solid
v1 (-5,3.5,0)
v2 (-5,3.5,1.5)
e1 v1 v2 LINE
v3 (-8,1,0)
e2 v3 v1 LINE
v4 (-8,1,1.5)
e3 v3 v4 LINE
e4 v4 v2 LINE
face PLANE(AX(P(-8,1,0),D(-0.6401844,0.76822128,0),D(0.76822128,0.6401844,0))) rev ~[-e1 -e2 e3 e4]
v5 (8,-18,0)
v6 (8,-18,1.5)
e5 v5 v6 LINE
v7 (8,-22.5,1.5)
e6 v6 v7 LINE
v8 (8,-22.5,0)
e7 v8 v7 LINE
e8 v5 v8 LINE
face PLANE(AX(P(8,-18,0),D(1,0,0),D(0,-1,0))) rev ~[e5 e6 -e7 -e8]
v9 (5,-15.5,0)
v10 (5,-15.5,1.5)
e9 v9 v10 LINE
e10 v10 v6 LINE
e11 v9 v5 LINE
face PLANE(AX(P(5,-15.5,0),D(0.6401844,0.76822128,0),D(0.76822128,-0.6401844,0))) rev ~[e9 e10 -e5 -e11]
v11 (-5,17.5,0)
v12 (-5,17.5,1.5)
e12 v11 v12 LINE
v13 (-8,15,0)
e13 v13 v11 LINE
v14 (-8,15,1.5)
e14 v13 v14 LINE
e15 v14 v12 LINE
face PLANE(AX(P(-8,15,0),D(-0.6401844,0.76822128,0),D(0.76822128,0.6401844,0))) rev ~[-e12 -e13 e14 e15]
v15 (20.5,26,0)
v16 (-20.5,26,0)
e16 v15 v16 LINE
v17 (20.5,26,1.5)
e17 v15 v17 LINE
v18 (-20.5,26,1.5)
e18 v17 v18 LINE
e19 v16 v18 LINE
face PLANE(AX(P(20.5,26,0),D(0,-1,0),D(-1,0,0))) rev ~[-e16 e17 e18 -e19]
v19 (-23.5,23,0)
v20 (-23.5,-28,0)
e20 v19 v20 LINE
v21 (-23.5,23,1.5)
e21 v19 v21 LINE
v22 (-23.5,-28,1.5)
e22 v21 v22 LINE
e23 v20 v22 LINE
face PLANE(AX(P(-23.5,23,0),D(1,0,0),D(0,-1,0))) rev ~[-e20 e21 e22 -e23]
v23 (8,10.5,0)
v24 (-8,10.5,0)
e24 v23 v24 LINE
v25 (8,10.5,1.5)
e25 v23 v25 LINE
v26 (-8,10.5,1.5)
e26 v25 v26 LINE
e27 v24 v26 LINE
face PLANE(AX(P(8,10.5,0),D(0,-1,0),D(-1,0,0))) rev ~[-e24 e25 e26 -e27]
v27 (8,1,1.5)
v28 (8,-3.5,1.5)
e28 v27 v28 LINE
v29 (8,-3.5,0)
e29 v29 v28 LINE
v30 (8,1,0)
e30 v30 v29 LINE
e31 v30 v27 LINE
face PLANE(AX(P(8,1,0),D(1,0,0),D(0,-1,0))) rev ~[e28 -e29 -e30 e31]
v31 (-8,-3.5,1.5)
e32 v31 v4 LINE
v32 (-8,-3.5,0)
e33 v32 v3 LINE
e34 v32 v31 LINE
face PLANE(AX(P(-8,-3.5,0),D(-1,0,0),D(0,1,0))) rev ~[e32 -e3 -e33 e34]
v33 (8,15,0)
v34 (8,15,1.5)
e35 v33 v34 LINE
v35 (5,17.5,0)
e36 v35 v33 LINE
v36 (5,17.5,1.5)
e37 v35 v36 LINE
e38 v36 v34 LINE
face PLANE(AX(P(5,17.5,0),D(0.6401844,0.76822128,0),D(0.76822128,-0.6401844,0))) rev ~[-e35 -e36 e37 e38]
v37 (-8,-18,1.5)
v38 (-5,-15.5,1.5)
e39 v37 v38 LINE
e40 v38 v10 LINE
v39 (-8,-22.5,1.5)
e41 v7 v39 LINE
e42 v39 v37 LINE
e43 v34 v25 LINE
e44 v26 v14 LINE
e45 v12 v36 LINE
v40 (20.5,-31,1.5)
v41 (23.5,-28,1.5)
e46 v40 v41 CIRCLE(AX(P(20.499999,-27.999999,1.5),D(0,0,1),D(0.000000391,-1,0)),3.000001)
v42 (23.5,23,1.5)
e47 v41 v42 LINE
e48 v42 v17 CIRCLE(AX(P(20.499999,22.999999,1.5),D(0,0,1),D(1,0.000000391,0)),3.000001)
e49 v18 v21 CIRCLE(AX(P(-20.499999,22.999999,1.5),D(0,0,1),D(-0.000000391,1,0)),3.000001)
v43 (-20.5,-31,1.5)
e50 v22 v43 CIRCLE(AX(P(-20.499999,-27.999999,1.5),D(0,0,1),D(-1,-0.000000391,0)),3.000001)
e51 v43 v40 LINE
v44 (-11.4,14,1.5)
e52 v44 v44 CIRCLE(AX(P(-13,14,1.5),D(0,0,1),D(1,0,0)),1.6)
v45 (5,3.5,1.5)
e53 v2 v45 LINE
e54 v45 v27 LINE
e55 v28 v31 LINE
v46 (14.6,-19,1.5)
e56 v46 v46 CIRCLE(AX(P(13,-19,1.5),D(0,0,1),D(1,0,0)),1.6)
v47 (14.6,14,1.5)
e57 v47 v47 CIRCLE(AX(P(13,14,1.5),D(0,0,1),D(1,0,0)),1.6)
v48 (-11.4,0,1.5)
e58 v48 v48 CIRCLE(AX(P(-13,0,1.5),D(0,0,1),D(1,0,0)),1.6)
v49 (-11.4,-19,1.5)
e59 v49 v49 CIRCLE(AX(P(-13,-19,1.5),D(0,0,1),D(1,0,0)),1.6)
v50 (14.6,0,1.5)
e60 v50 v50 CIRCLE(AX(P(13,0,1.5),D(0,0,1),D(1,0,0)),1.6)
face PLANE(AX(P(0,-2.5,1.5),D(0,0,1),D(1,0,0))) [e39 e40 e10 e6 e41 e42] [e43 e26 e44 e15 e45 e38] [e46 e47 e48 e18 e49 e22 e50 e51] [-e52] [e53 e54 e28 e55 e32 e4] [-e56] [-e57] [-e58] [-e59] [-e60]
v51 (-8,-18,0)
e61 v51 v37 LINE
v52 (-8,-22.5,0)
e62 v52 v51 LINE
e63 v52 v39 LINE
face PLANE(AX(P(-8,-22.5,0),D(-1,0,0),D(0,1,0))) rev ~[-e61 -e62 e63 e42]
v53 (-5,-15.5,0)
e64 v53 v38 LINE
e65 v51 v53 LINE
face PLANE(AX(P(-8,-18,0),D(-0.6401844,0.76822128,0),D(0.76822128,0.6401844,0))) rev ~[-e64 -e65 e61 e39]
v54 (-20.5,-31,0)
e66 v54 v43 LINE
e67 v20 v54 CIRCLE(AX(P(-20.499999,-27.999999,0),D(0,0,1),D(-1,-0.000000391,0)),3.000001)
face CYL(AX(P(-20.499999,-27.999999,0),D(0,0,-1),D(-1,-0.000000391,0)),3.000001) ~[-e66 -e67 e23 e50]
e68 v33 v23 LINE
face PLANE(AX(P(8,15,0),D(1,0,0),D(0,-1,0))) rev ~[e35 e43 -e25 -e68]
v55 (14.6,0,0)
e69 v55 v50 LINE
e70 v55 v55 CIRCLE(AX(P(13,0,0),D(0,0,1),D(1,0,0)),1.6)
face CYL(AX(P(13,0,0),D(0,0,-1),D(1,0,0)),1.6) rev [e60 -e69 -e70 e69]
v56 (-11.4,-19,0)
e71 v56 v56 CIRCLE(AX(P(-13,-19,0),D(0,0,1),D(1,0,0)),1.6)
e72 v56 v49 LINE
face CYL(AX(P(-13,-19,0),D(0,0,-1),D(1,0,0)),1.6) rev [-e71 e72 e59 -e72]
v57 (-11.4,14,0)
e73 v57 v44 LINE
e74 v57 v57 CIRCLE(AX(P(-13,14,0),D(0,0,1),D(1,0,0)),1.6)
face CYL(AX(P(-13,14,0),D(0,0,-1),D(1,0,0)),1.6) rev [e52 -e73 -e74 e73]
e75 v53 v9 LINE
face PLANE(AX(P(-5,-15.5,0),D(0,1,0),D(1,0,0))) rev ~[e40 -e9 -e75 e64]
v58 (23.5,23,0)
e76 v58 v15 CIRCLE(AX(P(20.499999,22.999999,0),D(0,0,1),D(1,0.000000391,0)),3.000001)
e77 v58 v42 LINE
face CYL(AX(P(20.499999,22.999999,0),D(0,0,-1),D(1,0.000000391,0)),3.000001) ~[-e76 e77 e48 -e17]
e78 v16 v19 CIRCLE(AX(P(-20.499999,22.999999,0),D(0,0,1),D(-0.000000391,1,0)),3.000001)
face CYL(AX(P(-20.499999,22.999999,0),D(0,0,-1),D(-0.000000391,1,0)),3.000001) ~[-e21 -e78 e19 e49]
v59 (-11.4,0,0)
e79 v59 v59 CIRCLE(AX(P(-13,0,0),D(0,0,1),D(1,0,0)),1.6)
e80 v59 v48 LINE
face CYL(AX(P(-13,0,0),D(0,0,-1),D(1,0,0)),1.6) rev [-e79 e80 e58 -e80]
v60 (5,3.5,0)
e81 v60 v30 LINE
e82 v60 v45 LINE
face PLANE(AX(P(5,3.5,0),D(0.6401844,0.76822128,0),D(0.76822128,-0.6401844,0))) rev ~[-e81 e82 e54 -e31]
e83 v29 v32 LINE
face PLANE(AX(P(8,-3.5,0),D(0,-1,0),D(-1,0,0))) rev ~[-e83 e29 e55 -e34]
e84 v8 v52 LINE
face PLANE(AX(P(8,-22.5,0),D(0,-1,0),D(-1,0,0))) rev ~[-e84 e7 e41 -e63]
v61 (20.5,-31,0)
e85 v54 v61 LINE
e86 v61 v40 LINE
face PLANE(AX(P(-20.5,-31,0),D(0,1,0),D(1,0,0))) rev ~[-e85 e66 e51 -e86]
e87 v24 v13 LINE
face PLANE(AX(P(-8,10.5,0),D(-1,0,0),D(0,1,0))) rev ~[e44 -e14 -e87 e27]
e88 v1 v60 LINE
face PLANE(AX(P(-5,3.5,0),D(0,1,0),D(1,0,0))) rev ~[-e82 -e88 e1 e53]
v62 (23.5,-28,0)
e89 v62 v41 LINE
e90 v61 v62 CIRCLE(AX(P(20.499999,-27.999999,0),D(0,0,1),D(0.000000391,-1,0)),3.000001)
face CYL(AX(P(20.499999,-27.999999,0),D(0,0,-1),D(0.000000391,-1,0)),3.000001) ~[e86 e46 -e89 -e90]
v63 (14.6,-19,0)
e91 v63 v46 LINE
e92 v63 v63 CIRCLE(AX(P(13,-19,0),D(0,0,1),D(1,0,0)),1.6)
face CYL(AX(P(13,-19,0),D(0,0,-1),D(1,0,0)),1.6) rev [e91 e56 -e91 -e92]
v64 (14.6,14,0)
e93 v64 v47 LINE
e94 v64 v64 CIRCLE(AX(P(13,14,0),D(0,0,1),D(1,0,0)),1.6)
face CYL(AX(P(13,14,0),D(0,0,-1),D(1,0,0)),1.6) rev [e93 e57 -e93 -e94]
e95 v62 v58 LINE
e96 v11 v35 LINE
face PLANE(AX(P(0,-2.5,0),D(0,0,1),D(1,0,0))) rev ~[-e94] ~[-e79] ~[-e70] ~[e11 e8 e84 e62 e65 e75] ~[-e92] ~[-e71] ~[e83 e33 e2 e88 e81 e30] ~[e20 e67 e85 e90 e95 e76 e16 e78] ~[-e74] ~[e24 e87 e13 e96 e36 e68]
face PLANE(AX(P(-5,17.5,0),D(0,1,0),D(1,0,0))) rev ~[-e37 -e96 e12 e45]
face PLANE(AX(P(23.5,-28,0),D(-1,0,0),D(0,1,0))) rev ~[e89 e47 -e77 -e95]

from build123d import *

# Parameters (mm, degrees)
F0_R     = 1.6
F1_DEPTH = 1.5


with BuildPart() as f1:
    # F0 (on Top) → F1 (new body)
    with BuildSketch(Plane.XY):
        with BuildLine():
            Line((-20.5, -31), (20.5, -31))
            ThreePointArc((20.5, -31), (22.62132, -30.12132), (23.5, -28))
            Line((23.5, -28), (23.5, 23))
            ThreePointArc((23.5, 23), (22.62132, 25.12132), (20.5, 26))
            Line((20.5, 26), (-20.5, 26))
            ThreePointArc((-20.5, 26), (-22.62132, 25.12132), (-23.5, 23))
            Line((-23.5, 23), (-23.5, -28))
            ThreePointArc((-23.5, -28), (-22.62132, -30.12132), (-20.5, -31))
        make_face()
        with Locations((-13, -19)):
            Circle(F0_R, mode=Mode.SUBTRACT)
        Polygon((-8, -18), (-5, -15.5), (5, -15.5), (8, -18), (8, -22.5), (-8, -22.5), align=None, mode=Mode.SUBTRACT)
        with Locations((13, -19)):
            Circle(F0_R, mode=Mode.SUBTRACT)
        with Locations((-13, 0)):
            Circle(F0_R, mode=Mode.SUBTRACT)
        with Locations((-13, 14)):
            Circle(F0_R, mode=Mode.SUBTRACT)
        Polygon((-8, 1), (-5, 3.5), (5, 3.5), (8, 1), (8, -3.5), (-8, -3.5), align=None, mode=Mode.SUBTRACT)
        with Locations((13, 0)):
            Circle(F0_R, mode=Mode.SUBTRACT)
        Polygon((-8, 15), (-5, 17.5), (5, 17.5), (8, 15), (8, 10.5), (-8, 10.5), align=None, mode=Mode.SUBTRACT)
        with Locations((13, 14)):
            Circle(F0_R, mode=Mode.SUBTRACT)
    extrude(amount=F1_DEPTH)


solid = f1.part
